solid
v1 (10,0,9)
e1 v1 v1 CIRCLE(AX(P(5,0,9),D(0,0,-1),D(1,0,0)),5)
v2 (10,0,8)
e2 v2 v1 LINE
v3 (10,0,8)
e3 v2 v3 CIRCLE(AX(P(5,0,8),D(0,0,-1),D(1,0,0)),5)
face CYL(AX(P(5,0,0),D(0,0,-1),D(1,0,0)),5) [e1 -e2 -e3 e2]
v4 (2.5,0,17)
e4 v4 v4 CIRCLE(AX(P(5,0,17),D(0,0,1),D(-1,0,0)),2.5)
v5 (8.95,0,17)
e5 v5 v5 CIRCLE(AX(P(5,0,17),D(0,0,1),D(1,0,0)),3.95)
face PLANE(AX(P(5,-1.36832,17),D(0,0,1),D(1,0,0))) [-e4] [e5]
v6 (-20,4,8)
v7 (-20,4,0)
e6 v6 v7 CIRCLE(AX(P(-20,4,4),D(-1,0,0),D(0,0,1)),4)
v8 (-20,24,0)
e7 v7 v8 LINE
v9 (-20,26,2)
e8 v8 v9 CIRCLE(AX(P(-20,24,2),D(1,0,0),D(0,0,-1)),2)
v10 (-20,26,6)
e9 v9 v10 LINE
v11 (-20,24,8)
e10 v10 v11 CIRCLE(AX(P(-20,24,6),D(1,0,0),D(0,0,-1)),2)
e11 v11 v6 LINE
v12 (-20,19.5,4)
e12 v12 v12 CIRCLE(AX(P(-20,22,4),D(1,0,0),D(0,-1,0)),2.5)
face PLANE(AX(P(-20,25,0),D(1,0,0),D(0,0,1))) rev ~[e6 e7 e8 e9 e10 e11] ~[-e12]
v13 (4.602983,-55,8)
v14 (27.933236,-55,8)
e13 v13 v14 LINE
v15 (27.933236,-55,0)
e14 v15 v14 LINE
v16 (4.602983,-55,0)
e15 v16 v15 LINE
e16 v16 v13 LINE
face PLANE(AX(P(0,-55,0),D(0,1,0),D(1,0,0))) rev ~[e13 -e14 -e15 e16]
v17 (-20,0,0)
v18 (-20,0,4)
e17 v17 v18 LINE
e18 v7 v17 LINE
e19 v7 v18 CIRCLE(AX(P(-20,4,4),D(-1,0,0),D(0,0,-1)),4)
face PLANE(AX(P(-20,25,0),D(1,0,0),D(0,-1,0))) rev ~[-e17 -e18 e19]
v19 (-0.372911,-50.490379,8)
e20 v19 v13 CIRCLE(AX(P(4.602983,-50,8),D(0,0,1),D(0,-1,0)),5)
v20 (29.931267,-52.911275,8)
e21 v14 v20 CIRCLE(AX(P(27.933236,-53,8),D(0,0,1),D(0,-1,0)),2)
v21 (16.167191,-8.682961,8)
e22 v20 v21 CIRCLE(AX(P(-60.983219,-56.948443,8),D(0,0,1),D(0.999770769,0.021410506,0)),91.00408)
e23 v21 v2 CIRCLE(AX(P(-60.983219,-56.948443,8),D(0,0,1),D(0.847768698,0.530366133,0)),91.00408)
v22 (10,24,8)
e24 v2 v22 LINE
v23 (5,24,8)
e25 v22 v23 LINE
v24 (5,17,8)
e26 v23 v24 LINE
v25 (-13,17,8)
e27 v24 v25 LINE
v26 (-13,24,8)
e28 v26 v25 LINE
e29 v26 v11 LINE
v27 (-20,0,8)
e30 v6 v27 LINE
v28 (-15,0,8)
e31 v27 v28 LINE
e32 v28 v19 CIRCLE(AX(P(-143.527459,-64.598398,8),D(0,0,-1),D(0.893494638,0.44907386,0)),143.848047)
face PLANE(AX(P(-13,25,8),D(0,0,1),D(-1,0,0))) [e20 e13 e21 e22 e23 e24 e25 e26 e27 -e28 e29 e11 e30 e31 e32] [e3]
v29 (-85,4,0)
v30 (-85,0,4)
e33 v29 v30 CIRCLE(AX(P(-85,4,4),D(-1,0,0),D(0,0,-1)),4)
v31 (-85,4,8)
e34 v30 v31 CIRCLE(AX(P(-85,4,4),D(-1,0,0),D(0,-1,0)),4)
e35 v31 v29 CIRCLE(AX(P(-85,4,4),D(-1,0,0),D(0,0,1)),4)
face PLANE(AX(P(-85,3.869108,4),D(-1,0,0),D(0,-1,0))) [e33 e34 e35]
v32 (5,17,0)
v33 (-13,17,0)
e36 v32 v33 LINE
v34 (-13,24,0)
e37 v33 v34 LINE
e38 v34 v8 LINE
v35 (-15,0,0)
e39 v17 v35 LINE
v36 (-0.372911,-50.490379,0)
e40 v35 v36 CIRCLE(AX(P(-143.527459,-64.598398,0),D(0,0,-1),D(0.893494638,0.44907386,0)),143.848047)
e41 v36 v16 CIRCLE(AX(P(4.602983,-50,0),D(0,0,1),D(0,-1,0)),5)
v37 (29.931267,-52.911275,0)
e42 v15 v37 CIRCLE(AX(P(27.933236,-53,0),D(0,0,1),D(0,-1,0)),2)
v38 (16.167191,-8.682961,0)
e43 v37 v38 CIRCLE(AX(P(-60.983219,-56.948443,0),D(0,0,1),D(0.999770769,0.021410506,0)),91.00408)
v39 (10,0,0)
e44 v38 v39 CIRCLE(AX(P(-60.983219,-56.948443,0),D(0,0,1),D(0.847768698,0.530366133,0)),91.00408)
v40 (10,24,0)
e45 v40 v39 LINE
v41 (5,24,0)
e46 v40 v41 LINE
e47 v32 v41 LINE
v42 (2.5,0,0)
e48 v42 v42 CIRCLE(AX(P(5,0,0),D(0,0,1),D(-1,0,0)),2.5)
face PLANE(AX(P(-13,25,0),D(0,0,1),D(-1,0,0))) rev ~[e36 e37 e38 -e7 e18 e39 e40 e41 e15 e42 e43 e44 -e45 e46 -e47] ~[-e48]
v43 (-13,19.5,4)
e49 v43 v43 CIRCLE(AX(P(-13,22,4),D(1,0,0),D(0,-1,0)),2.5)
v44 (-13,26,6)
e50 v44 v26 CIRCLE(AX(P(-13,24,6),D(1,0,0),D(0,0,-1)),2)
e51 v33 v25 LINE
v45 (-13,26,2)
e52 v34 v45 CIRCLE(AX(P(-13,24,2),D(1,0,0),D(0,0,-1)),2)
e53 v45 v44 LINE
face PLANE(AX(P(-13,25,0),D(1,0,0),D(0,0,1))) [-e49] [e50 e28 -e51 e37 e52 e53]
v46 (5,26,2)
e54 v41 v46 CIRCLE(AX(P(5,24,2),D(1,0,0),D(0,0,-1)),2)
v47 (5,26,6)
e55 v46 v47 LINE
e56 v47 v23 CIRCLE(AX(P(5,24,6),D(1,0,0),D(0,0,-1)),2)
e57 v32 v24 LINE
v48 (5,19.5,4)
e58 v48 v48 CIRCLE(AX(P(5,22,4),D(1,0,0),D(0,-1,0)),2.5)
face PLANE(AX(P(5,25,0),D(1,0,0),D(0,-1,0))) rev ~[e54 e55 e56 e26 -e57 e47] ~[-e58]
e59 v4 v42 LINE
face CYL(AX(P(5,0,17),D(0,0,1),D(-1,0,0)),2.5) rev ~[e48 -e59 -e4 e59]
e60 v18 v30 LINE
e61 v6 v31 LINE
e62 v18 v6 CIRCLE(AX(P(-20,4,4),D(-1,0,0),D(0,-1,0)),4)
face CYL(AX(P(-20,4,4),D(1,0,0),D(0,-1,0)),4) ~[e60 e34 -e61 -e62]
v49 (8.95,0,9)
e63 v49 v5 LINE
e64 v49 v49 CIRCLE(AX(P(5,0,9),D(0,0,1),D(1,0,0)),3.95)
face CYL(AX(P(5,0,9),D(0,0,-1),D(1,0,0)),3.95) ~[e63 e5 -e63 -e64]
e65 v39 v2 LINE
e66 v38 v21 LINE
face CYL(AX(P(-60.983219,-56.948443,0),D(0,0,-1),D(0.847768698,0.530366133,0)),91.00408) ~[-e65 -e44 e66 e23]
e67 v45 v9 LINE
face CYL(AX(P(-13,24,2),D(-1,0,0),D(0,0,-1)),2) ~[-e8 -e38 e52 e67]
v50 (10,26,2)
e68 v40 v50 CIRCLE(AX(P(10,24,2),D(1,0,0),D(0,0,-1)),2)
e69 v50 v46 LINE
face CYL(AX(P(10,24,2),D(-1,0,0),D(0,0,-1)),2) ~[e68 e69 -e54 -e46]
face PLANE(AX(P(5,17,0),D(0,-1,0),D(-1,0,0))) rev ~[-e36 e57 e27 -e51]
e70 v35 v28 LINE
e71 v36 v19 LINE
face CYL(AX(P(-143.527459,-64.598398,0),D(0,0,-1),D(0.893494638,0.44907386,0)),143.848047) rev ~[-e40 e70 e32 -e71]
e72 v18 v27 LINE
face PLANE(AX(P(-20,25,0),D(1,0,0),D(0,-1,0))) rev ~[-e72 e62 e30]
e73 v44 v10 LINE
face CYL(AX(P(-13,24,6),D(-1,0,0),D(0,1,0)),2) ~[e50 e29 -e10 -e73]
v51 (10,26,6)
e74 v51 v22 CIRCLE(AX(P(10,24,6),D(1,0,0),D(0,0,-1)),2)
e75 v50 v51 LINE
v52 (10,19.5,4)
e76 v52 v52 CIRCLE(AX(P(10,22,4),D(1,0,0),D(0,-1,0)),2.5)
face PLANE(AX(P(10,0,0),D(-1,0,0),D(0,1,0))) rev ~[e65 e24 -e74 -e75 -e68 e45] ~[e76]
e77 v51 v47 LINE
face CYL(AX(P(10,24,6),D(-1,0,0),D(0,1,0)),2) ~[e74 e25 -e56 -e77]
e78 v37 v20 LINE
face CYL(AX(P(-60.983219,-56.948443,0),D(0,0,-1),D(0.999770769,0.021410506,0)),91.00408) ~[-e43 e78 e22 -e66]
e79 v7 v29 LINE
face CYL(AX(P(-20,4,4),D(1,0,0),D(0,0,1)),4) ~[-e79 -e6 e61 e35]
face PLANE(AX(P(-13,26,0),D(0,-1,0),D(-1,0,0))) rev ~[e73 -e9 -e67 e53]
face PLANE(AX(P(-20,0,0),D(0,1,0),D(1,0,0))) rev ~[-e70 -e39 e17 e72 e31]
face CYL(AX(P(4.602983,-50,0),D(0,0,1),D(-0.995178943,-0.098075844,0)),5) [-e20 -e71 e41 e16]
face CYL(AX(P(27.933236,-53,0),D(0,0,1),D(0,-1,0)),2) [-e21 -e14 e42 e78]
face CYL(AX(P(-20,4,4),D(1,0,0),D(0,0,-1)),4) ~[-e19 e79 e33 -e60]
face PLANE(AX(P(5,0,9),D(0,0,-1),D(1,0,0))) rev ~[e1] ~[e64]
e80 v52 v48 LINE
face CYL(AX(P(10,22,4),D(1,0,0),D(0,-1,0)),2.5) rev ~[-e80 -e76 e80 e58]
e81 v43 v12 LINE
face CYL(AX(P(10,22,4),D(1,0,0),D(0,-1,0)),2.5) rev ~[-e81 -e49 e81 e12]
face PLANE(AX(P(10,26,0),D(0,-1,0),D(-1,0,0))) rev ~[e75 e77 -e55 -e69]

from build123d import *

# Parameters (mm, degrees)
F1_DEPTH  = 8
F3_DEPTH  = 50
F4_R      = 5
F5_DEPTH  = 9
F7_DEPTH  = 8
F9_DEPTH  = 25
F11_DEPTH = 65
F12_DEPTH = 1
F13_R     = 5
F14_R     = 2
F15_R     = 2


with BuildPart() as f1:
    # F0 (on Top) → F1 (new body)
    with BuildSketch(Plane.XY):
        Polygon((-15, 0), (0, 0), (10, 0), (10, 15), (10, 25), (5, 25), (5, 17), (-5, 17), (-13, 17), (-13, 25), (-20, 25), (-20, 0), align=None)
        with BuildLine():
            Line((10, 0), (0, 0))
            Line((0, 0), (-15, 0))
            ThreePointArc((-15, 0), (-4.7480671489, -26.7494728588), (0, -55))
            Line((0, -55), (10, -55))
            Line((10, -55), (10, 0))
        make_face()
        with BuildLine():
            ThreePointArc((16.1671913498, -8.6829612821), (13.2107261045, -4.2511845243), (10, 0))
            Line((10, 0), (10, -55))
            Line((10, -55), (30, -55))
            ThreePointArc((30, -55), (26.2150971911, -30.9062424985), (16.1671913498, -8.6829612821))
        make_face()
    extrude(amount=F1_DEPTH)

    # F2 (on face) → F3 (cut)
    with BuildSketch(Plane.YZ.offset(10)):
        with BuildLine():
            Line((22, 4), (24.5, 4))
            ThreePointArc((24.5, 4), (22, 6.5), (19.5, 4))
            Line((19.5, 4), (22, 4))
        make_face()
        with BuildLine():
            ThreePointArc((19.5, 4), (22, 1.5), (24.5, 4))
            Line((24.5, 4), (22, 4))
            Line((22, 4), (19.5, 4))
        make_face()
    extrude(amount=-F3_DEPTH, mode=Mode.SUBTRACT)

    # F4 (on face) → F5 (join)
    with BuildSketch(Plane(origin=(0, 0, 0), x_dir=(1, 0, 0), z_dir=(0, 0, -1))):
        with Locations((5, 0)):
            Circle(F4_R)
    extrude(amount=-F5_DEPTH)

    # F6 (on face) → F7 (join)
    with BuildSketch(Plane.XY.offset(9)):
        with BuildLine():
            ThreePointArc((1.05, 0), (5, -3.95), (8.95, 0))
            Line((8.95, 0), (1.05, 0))
        make_face()
        with BuildLine():
            Line((1.05, 0), (8.95, 0))
            ThreePointArc((8.95, 0), (5, 3.95), (1.05, 0))
        make_face()
    extrude(amount=F7_DEPTH)

    # F8 (on face) → F9 (cut)
    with BuildSketch(Plane.XY.offset(17)):
        with BuildLine():
            Line((2.5, 0), (7.5, 0))
            ThreePointArc((7.5, 0), (5, 2.5), (2.5, 0))
        make_face()
        with BuildLine():
            ThreePointArc((2.5, 0), (5, -2.5), (7.5, 0))
            Line((7.5, 0), (2.5, 0))
        make_face()
    extrude(amount=-F9_DEPTH, mode=Mode.SUBTRACT)

    # F10 (on face) → F11 (join)
    with BuildSketch(Plane(origin=(-20, 0, 0), x_dir=(0, -1, 0), z_dir=(-1, 0, 0))):
        with BuildLine():
            ThreePointArc((-4, 0), (-1.1715728753, 1.1715728753), (0, 4))
            ThreePointArc((0, 4), (-1.1715728753, 6.8284271247), (-4, 8))
            ThreePointArc((-4, 8), (-8, 4), (-4, 0))
        make_face()
    extrude(amount=F11_DEPTH)

    # F12 (add): faces of the model
    f12_faces = [f1.faces().sort_by_distance(p)[0] for p in [
        (-16.5, 25, 4),
        (7.5, 25, 4),
    ]]
    extrude(f12_faces, amount=F12_DEPTH)

    # F13
    f13_edges = [f1.edges().sort_by_distance(p)[0] for p in [
        (0, -55, 4),
    ]]
    fillet(f13_edges, radius=F13_R)

    # F14
    f14_edges = [f1.edges().sort_by_distance(p)[0] for p in [
        (30, -55, 4),
    ]]
    fillet(f14_edges, radius=F14_R)

    # F15
    f15_edges = [f1.edges().sort_by_distance(p)[0] for p in [
        (-16.5, 26, 8),
        (7.5, 26, 8),
        (7.5, 26, 0),
        (-16.5, 26, 0),
    ]]
    fillet(f15_edges, radius=F15_R)


solid = f1.part
